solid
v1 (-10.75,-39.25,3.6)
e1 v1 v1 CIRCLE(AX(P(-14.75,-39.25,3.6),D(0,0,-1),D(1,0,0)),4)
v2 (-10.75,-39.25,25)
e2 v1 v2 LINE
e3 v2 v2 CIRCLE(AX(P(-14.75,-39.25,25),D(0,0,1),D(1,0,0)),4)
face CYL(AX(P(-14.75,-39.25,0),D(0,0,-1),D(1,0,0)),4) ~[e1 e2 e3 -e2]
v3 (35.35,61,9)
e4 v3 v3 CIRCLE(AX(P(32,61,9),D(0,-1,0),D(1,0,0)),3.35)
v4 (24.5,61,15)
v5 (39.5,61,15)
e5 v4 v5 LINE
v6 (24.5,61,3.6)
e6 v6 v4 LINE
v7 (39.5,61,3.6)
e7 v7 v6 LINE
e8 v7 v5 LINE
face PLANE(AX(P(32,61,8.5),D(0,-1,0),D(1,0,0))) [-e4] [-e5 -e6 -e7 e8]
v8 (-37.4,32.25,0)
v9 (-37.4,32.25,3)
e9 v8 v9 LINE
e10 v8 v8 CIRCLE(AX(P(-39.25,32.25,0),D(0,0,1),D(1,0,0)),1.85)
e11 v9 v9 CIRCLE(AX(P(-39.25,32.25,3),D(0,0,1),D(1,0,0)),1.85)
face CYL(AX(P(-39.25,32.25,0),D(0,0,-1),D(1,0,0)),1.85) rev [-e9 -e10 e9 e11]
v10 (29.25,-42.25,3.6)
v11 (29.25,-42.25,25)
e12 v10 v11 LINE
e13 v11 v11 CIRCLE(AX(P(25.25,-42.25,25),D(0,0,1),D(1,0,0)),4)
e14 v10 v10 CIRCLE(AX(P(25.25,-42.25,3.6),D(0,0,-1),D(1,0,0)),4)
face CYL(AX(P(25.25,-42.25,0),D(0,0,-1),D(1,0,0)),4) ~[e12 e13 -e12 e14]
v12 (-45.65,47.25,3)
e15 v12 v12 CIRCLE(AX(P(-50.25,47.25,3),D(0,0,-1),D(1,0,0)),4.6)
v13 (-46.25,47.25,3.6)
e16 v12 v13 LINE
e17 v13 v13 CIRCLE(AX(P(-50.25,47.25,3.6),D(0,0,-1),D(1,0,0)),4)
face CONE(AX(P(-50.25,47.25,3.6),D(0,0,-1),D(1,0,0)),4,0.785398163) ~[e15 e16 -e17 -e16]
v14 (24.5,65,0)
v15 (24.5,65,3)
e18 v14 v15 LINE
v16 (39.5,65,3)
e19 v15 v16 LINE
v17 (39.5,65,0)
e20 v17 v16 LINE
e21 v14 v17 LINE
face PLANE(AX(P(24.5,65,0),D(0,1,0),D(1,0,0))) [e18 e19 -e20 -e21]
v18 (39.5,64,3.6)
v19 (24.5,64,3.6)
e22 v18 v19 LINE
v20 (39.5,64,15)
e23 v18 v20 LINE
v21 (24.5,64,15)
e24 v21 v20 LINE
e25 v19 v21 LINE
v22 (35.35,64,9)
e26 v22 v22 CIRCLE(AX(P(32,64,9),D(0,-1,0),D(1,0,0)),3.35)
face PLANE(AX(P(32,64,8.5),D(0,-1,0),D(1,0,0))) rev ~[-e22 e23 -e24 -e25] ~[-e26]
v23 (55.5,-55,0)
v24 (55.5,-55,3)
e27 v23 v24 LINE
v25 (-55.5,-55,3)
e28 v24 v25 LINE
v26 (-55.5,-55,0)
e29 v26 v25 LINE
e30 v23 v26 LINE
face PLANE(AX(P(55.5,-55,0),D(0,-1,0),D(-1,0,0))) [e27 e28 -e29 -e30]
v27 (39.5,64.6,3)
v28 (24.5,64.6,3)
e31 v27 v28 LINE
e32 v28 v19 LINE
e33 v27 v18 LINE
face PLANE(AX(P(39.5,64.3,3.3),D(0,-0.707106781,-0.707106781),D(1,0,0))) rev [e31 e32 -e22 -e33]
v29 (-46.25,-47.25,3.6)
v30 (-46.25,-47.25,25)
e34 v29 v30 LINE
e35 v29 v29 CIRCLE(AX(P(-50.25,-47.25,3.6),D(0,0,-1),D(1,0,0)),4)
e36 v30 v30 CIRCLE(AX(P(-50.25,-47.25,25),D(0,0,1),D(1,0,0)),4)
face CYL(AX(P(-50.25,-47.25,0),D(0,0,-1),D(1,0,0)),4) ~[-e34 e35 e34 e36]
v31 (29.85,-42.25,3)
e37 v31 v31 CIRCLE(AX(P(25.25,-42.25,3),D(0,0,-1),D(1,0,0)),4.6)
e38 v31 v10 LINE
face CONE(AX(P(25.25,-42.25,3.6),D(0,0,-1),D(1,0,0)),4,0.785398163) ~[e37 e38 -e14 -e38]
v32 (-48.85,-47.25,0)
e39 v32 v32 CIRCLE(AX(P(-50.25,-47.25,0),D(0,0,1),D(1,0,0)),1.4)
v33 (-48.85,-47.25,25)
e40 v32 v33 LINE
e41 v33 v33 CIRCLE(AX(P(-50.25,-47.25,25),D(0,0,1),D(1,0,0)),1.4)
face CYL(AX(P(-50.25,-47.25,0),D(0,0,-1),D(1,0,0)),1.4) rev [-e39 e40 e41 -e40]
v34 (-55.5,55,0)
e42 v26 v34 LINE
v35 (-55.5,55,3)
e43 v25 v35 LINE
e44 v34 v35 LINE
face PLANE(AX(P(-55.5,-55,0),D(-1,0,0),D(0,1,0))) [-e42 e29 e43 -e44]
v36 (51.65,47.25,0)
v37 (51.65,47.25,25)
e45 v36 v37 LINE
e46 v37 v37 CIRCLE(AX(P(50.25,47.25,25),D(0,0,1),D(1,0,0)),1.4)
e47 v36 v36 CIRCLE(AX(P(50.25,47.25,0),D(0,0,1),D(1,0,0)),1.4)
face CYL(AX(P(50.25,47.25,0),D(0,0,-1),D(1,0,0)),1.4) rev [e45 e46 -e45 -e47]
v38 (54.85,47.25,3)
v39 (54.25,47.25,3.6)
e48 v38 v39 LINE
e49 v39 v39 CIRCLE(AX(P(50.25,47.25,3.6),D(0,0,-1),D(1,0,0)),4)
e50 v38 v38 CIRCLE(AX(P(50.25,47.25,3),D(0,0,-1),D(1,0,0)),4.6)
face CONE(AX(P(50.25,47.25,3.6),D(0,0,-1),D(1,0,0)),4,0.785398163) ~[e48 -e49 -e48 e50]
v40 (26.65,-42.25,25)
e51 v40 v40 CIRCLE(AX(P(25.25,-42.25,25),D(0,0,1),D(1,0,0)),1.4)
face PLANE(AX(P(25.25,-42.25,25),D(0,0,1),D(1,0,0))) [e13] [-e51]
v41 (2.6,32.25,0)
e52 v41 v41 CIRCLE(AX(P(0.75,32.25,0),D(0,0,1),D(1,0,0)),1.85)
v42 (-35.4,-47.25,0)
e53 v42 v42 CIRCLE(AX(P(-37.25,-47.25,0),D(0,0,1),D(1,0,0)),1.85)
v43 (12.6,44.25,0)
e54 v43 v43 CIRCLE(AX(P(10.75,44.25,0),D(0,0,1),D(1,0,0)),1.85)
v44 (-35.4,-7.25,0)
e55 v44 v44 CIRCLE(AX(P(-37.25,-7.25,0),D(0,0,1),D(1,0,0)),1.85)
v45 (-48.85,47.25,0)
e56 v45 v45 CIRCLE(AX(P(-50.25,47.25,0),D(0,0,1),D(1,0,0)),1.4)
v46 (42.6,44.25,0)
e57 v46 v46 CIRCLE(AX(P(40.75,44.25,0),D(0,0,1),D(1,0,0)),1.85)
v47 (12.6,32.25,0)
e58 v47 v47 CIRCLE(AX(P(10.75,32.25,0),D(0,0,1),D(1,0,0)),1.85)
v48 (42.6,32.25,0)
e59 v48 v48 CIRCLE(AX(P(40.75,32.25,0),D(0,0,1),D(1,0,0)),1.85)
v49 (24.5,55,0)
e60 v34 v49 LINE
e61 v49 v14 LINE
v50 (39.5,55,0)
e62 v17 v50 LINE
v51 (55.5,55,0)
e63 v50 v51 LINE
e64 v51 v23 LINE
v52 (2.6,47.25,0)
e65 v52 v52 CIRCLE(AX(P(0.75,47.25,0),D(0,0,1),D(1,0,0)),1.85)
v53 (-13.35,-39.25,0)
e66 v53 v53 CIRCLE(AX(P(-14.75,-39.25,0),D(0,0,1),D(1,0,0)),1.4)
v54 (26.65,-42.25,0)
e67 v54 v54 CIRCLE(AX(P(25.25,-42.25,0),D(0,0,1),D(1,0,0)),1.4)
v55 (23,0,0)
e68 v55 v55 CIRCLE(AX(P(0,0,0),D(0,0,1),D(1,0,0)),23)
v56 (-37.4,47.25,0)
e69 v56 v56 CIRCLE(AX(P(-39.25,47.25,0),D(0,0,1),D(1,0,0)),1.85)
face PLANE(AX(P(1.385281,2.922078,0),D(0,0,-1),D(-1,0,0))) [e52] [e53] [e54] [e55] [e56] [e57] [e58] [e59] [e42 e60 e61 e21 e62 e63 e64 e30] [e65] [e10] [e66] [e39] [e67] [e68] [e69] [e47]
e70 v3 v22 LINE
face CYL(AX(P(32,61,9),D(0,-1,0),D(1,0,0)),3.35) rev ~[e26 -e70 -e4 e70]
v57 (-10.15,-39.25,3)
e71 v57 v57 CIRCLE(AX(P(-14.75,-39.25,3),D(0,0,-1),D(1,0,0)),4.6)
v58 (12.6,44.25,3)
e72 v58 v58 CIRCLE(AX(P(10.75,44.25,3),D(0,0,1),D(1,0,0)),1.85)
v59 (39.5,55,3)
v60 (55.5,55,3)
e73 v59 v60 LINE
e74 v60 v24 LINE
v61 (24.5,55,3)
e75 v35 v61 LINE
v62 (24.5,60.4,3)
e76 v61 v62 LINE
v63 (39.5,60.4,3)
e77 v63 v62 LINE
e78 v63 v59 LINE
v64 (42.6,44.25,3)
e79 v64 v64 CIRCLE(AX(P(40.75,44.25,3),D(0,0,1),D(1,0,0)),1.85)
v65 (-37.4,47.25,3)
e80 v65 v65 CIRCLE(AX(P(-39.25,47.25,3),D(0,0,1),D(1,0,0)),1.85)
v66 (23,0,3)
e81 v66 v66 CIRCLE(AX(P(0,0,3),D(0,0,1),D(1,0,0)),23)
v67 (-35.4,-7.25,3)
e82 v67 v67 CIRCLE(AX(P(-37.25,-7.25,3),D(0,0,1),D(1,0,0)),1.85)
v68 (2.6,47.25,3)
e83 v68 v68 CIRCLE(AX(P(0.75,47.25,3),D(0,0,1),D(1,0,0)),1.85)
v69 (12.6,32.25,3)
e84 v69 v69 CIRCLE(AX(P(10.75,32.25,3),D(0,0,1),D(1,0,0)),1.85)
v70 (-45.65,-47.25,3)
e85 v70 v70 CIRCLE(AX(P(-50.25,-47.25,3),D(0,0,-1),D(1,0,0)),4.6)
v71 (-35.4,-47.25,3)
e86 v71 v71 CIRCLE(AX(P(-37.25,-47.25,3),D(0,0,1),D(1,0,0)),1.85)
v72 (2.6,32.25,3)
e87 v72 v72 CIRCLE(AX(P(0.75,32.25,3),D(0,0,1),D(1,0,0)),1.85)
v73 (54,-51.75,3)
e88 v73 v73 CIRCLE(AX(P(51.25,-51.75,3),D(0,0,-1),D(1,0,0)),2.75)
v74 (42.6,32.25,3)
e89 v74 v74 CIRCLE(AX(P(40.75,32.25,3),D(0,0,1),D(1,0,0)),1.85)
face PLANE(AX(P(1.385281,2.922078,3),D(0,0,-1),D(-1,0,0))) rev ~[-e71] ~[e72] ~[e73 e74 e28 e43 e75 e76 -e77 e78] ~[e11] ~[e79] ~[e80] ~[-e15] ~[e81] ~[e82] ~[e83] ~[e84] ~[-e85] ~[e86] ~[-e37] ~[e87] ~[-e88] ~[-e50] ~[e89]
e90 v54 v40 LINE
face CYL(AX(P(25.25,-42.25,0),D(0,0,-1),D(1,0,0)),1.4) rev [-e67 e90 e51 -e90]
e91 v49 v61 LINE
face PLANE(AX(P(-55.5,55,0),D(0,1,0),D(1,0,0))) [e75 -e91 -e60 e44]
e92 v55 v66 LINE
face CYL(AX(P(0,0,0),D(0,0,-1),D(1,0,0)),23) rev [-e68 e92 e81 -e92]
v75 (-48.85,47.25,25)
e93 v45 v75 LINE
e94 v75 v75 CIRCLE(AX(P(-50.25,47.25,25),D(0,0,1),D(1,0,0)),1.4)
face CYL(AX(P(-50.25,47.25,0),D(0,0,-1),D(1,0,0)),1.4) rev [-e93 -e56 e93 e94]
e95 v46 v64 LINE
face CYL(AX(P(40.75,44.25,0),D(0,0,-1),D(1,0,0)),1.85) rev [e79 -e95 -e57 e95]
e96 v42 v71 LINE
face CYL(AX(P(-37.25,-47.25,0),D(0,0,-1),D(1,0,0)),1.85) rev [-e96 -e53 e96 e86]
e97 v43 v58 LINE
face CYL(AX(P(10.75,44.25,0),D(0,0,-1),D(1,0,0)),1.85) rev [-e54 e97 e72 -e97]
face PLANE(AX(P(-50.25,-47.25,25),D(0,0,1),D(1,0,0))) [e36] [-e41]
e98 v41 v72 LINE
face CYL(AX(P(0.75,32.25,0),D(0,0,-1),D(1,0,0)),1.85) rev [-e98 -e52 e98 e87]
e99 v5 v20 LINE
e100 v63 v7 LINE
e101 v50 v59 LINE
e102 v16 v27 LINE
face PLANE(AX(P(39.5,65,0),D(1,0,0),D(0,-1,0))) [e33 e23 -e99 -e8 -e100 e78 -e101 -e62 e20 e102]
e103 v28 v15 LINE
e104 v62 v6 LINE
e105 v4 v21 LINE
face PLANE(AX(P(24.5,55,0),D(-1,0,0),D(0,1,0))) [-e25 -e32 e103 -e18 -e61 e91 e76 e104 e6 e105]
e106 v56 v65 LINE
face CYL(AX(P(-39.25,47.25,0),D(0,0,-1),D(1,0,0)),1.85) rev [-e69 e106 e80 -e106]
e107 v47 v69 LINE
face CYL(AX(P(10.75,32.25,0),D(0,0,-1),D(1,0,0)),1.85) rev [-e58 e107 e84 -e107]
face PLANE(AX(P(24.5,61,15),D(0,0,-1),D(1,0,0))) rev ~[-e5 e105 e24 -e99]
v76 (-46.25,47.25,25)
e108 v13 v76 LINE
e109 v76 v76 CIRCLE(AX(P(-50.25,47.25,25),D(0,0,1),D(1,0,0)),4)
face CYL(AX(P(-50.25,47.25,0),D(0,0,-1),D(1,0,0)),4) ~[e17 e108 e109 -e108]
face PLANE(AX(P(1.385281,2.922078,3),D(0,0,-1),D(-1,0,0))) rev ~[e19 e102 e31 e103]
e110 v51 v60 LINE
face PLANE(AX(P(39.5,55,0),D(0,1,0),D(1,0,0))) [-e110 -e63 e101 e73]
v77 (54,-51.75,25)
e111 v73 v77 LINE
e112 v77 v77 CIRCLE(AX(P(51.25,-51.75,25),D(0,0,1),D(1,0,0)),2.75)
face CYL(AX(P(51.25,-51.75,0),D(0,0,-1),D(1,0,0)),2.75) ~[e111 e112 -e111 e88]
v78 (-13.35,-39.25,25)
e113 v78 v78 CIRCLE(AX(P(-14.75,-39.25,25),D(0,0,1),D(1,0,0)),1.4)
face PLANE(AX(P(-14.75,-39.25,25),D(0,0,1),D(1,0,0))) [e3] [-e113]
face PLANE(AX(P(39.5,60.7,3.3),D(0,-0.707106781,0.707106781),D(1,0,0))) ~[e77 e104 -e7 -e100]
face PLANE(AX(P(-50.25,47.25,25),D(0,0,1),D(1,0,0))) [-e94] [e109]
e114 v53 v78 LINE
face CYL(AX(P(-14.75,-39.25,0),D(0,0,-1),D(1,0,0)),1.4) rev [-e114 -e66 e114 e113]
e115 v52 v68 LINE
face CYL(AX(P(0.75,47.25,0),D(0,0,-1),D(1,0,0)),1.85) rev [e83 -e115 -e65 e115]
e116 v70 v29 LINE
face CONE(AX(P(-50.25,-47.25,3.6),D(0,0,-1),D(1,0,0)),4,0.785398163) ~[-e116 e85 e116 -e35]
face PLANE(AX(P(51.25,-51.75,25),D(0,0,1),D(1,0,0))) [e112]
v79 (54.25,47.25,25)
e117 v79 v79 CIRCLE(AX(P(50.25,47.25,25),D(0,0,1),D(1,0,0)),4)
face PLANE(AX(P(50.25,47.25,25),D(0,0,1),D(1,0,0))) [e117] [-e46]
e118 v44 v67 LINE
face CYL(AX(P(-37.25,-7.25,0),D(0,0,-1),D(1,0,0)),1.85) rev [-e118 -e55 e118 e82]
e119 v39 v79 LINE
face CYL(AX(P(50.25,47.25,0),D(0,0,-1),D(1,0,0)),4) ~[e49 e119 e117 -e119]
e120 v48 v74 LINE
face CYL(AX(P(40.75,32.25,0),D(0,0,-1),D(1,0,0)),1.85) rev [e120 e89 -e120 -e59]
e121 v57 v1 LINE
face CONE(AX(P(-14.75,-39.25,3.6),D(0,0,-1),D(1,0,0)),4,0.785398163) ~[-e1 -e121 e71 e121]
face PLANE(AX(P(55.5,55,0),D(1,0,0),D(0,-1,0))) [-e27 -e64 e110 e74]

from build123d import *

# Parameters (mm, degrees)
SKETCH001_R                          = 4
SKETCH001_R_2                        = 1.4
SKETCH001_R_3                        = 2.75
EXTRUDE001_DEPTH                     = 25
SKETCH002_AS_DRAWN_W                 = 15
SKETCH002_AS_DRAWN_H                 = 13
SKETCH002_AS_DRAWN_R                 = 3.35
EXTRUDE002_DEPTH                     = 3
EXTRUDE002_ONTO_SKETCH002_ROLL_ANGLE = 90
SKETCH_R                             = 1.9
SKETCH_R_2                           = 23
SKETCH_R_3                           = 1.85
EXTRUDE_DEPTH                        = 3
CHAMFER_SIZE                         = 0.6


with BuildPart() as extrude001:
    # Sketch001 → Extrude001 (new body)
    with BuildSketch(Plane.XY):
        with Locations((-50.25, -47.25)):
            Circle(SKETCH001_R)
        with Locations((-50.25, -47.25)):
            Circle(SKETCH001_R_2, mode=Mode.SUBTRACT)
        with Locations((50.25, 47.25)):
            Circle(SKETCH001_R)
        with Locations((50.25, 47.25)):
            Circle(SKETCH001_R_2, mode=Mode.SUBTRACT)
        with Locations((-50.25, 47.25)):
            Circle(SKETCH001_R)
        with Locations((-50.25, 47.25)):
            Circle(SKETCH001_R_2, mode=Mode.SUBTRACT)
        with Locations((25.25, -42.25)):
            Circle(SKETCH001_R)
        with Locations((25.25, -42.25)):
            Circle(SKETCH001_R_2, mode=Mode.SUBTRACT)
        with Locations((51.25, -51.75)):
            Circle(SKETCH001_R_3)
        with Locations((-14.75, -39.25)):
            Circle(SKETCH001_R)
        with Locations((-14.75, -39.25)):
            Circle(SKETCH001_R_2, mode=Mode.SUBTRACT)
    extrude(amount=EXTRUDE001_DEPTH)


with BuildPart() as extrude002:
    # Sketch002 as drawn → Extrude002 (new)
    with BuildSketch(Plane.XY):
        with Locations((0, 6.5)):
            Rectangle(SKETCH002_AS_DRAWN_W, SKETCH002_AS_DRAWN_H)
        with Locations((0, 7)):
            Circle(SKETCH002_AS_DRAWN_R, mode=Mode.SUBTRACT)
    extrude(amount=-EXTRUDE002_DEPTH)


with BuildPart() as extrude002_1:
    # Extrude002 onto Sketch002 roll: moved
    add(extrude002.part.rotate(Axis((0, 0, 0), (1, 0, 0)), EXTRUDE002_ONTO_SKETCH002_ROLL_ANGLE))


with BuildPart() as extrude002_2:
    # Extrude002 onto Sketch002 placement: moved
    add(extrude002_1.part)


with BuildPart() as extrude002_3:
    # Extrude002 placement: moved
    add(extrude002_2.part.moved(Location((32, 61, 2))))


with BuildPart() as chamfer_body:
    # Sketch → Extrude (new body)
    with BuildSketch(Plane.XY):
        Polygon((55.5, 55), (55.5, -55), (-55.5, -55), (-55.5, 55), (24.5, 55), (24.5, 65), (39.5, 65), (39.5, 55), align=None)
        with Locations((-50.25, -47.25)):
            Circle(SKETCH_R, mode=Mode.SUBTRACT)
        Circle(SKETCH_R_2, mode=Mode.SUBTRACT)
        with Locations((-39.25, 47.25)):
            Circle(SKETCH_R_3, mode=Mode.SUBTRACT)
        with Locations((0.75, 47.25)):
            Circle(SKETCH_R_3, mode=Mode.SUBTRACT)
        with Locations((-39.25, 32.25)):
            Circle(SKETCH_R_3, mode=Mode.SUBTRACT)
        with Locations((0.75, 32.25)):
            Circle(SKETCH_R_3, mode=Mode.SUBTRACT)
        with Locations((10.75, 44.25)):
            Circle(SKETCH_R_3, mode=Mode.SUBTRACT)
        with Locations((40.75, 44.25)):
            Circle(SKETCH_R_3, mode=Mode.SUBTRACT)
        with Locations((10.75, 32.25)):
            Circle(SKETCH_R_3, mode=Mode.SUBTRACT)
        with Locations((40.75, 32.25)):
            Circle(SKETCH_R_3, mode=Mode.SUBTRACT)
        with Locations((50.25, 47.25)):
            Circle(SKETCH_R, mode=Mode.SUBTRACT)
        with Locations((-50.25, 47.25)):
            Circle(SKETCH_R, mode=Mode.SUBTRACT)
        with Locations((25.25, -42.25)):
            Circle(SKETCH_R, mode=Mode.SUBTRACT)
        with Locations((-14.75, -39.25)):
            Circle(SKETCH_R, mode=Mode.SUBTRACT)
        with Locations((-37.25, -7.25)):
            Circle(SKETCH_R_3, mode=Mode.SUBTRACT)
        with Locations((-37.25, -47.25)):
            Circle(SKETCH_R_3, mode=Mode.SUBTRACT)
    extrude(amount=EXTRUDE_DEPTH)

    # Fusion: union Extrude001, Extrude002
    add(extrude001.part)
    add(extrude002_3.part)

    # Chamfer
    chamfer_edges = [chamfer_body.edges().sort_by_distance(p)[0] for p in [
        (32, 61, 3),
        (32, 64, 3),
        (-54.25, -47.25, 3),
        (-18.75, -39.25, 3),
        (21.25, -42.25, 3),
        (-54.25, 47.25, 3),
        (46.25, 47.25, 3),
    ]]
    chamfer(chamfer_edges, length=CHAMFER_SIZE)


solid = chamfer_body.part
